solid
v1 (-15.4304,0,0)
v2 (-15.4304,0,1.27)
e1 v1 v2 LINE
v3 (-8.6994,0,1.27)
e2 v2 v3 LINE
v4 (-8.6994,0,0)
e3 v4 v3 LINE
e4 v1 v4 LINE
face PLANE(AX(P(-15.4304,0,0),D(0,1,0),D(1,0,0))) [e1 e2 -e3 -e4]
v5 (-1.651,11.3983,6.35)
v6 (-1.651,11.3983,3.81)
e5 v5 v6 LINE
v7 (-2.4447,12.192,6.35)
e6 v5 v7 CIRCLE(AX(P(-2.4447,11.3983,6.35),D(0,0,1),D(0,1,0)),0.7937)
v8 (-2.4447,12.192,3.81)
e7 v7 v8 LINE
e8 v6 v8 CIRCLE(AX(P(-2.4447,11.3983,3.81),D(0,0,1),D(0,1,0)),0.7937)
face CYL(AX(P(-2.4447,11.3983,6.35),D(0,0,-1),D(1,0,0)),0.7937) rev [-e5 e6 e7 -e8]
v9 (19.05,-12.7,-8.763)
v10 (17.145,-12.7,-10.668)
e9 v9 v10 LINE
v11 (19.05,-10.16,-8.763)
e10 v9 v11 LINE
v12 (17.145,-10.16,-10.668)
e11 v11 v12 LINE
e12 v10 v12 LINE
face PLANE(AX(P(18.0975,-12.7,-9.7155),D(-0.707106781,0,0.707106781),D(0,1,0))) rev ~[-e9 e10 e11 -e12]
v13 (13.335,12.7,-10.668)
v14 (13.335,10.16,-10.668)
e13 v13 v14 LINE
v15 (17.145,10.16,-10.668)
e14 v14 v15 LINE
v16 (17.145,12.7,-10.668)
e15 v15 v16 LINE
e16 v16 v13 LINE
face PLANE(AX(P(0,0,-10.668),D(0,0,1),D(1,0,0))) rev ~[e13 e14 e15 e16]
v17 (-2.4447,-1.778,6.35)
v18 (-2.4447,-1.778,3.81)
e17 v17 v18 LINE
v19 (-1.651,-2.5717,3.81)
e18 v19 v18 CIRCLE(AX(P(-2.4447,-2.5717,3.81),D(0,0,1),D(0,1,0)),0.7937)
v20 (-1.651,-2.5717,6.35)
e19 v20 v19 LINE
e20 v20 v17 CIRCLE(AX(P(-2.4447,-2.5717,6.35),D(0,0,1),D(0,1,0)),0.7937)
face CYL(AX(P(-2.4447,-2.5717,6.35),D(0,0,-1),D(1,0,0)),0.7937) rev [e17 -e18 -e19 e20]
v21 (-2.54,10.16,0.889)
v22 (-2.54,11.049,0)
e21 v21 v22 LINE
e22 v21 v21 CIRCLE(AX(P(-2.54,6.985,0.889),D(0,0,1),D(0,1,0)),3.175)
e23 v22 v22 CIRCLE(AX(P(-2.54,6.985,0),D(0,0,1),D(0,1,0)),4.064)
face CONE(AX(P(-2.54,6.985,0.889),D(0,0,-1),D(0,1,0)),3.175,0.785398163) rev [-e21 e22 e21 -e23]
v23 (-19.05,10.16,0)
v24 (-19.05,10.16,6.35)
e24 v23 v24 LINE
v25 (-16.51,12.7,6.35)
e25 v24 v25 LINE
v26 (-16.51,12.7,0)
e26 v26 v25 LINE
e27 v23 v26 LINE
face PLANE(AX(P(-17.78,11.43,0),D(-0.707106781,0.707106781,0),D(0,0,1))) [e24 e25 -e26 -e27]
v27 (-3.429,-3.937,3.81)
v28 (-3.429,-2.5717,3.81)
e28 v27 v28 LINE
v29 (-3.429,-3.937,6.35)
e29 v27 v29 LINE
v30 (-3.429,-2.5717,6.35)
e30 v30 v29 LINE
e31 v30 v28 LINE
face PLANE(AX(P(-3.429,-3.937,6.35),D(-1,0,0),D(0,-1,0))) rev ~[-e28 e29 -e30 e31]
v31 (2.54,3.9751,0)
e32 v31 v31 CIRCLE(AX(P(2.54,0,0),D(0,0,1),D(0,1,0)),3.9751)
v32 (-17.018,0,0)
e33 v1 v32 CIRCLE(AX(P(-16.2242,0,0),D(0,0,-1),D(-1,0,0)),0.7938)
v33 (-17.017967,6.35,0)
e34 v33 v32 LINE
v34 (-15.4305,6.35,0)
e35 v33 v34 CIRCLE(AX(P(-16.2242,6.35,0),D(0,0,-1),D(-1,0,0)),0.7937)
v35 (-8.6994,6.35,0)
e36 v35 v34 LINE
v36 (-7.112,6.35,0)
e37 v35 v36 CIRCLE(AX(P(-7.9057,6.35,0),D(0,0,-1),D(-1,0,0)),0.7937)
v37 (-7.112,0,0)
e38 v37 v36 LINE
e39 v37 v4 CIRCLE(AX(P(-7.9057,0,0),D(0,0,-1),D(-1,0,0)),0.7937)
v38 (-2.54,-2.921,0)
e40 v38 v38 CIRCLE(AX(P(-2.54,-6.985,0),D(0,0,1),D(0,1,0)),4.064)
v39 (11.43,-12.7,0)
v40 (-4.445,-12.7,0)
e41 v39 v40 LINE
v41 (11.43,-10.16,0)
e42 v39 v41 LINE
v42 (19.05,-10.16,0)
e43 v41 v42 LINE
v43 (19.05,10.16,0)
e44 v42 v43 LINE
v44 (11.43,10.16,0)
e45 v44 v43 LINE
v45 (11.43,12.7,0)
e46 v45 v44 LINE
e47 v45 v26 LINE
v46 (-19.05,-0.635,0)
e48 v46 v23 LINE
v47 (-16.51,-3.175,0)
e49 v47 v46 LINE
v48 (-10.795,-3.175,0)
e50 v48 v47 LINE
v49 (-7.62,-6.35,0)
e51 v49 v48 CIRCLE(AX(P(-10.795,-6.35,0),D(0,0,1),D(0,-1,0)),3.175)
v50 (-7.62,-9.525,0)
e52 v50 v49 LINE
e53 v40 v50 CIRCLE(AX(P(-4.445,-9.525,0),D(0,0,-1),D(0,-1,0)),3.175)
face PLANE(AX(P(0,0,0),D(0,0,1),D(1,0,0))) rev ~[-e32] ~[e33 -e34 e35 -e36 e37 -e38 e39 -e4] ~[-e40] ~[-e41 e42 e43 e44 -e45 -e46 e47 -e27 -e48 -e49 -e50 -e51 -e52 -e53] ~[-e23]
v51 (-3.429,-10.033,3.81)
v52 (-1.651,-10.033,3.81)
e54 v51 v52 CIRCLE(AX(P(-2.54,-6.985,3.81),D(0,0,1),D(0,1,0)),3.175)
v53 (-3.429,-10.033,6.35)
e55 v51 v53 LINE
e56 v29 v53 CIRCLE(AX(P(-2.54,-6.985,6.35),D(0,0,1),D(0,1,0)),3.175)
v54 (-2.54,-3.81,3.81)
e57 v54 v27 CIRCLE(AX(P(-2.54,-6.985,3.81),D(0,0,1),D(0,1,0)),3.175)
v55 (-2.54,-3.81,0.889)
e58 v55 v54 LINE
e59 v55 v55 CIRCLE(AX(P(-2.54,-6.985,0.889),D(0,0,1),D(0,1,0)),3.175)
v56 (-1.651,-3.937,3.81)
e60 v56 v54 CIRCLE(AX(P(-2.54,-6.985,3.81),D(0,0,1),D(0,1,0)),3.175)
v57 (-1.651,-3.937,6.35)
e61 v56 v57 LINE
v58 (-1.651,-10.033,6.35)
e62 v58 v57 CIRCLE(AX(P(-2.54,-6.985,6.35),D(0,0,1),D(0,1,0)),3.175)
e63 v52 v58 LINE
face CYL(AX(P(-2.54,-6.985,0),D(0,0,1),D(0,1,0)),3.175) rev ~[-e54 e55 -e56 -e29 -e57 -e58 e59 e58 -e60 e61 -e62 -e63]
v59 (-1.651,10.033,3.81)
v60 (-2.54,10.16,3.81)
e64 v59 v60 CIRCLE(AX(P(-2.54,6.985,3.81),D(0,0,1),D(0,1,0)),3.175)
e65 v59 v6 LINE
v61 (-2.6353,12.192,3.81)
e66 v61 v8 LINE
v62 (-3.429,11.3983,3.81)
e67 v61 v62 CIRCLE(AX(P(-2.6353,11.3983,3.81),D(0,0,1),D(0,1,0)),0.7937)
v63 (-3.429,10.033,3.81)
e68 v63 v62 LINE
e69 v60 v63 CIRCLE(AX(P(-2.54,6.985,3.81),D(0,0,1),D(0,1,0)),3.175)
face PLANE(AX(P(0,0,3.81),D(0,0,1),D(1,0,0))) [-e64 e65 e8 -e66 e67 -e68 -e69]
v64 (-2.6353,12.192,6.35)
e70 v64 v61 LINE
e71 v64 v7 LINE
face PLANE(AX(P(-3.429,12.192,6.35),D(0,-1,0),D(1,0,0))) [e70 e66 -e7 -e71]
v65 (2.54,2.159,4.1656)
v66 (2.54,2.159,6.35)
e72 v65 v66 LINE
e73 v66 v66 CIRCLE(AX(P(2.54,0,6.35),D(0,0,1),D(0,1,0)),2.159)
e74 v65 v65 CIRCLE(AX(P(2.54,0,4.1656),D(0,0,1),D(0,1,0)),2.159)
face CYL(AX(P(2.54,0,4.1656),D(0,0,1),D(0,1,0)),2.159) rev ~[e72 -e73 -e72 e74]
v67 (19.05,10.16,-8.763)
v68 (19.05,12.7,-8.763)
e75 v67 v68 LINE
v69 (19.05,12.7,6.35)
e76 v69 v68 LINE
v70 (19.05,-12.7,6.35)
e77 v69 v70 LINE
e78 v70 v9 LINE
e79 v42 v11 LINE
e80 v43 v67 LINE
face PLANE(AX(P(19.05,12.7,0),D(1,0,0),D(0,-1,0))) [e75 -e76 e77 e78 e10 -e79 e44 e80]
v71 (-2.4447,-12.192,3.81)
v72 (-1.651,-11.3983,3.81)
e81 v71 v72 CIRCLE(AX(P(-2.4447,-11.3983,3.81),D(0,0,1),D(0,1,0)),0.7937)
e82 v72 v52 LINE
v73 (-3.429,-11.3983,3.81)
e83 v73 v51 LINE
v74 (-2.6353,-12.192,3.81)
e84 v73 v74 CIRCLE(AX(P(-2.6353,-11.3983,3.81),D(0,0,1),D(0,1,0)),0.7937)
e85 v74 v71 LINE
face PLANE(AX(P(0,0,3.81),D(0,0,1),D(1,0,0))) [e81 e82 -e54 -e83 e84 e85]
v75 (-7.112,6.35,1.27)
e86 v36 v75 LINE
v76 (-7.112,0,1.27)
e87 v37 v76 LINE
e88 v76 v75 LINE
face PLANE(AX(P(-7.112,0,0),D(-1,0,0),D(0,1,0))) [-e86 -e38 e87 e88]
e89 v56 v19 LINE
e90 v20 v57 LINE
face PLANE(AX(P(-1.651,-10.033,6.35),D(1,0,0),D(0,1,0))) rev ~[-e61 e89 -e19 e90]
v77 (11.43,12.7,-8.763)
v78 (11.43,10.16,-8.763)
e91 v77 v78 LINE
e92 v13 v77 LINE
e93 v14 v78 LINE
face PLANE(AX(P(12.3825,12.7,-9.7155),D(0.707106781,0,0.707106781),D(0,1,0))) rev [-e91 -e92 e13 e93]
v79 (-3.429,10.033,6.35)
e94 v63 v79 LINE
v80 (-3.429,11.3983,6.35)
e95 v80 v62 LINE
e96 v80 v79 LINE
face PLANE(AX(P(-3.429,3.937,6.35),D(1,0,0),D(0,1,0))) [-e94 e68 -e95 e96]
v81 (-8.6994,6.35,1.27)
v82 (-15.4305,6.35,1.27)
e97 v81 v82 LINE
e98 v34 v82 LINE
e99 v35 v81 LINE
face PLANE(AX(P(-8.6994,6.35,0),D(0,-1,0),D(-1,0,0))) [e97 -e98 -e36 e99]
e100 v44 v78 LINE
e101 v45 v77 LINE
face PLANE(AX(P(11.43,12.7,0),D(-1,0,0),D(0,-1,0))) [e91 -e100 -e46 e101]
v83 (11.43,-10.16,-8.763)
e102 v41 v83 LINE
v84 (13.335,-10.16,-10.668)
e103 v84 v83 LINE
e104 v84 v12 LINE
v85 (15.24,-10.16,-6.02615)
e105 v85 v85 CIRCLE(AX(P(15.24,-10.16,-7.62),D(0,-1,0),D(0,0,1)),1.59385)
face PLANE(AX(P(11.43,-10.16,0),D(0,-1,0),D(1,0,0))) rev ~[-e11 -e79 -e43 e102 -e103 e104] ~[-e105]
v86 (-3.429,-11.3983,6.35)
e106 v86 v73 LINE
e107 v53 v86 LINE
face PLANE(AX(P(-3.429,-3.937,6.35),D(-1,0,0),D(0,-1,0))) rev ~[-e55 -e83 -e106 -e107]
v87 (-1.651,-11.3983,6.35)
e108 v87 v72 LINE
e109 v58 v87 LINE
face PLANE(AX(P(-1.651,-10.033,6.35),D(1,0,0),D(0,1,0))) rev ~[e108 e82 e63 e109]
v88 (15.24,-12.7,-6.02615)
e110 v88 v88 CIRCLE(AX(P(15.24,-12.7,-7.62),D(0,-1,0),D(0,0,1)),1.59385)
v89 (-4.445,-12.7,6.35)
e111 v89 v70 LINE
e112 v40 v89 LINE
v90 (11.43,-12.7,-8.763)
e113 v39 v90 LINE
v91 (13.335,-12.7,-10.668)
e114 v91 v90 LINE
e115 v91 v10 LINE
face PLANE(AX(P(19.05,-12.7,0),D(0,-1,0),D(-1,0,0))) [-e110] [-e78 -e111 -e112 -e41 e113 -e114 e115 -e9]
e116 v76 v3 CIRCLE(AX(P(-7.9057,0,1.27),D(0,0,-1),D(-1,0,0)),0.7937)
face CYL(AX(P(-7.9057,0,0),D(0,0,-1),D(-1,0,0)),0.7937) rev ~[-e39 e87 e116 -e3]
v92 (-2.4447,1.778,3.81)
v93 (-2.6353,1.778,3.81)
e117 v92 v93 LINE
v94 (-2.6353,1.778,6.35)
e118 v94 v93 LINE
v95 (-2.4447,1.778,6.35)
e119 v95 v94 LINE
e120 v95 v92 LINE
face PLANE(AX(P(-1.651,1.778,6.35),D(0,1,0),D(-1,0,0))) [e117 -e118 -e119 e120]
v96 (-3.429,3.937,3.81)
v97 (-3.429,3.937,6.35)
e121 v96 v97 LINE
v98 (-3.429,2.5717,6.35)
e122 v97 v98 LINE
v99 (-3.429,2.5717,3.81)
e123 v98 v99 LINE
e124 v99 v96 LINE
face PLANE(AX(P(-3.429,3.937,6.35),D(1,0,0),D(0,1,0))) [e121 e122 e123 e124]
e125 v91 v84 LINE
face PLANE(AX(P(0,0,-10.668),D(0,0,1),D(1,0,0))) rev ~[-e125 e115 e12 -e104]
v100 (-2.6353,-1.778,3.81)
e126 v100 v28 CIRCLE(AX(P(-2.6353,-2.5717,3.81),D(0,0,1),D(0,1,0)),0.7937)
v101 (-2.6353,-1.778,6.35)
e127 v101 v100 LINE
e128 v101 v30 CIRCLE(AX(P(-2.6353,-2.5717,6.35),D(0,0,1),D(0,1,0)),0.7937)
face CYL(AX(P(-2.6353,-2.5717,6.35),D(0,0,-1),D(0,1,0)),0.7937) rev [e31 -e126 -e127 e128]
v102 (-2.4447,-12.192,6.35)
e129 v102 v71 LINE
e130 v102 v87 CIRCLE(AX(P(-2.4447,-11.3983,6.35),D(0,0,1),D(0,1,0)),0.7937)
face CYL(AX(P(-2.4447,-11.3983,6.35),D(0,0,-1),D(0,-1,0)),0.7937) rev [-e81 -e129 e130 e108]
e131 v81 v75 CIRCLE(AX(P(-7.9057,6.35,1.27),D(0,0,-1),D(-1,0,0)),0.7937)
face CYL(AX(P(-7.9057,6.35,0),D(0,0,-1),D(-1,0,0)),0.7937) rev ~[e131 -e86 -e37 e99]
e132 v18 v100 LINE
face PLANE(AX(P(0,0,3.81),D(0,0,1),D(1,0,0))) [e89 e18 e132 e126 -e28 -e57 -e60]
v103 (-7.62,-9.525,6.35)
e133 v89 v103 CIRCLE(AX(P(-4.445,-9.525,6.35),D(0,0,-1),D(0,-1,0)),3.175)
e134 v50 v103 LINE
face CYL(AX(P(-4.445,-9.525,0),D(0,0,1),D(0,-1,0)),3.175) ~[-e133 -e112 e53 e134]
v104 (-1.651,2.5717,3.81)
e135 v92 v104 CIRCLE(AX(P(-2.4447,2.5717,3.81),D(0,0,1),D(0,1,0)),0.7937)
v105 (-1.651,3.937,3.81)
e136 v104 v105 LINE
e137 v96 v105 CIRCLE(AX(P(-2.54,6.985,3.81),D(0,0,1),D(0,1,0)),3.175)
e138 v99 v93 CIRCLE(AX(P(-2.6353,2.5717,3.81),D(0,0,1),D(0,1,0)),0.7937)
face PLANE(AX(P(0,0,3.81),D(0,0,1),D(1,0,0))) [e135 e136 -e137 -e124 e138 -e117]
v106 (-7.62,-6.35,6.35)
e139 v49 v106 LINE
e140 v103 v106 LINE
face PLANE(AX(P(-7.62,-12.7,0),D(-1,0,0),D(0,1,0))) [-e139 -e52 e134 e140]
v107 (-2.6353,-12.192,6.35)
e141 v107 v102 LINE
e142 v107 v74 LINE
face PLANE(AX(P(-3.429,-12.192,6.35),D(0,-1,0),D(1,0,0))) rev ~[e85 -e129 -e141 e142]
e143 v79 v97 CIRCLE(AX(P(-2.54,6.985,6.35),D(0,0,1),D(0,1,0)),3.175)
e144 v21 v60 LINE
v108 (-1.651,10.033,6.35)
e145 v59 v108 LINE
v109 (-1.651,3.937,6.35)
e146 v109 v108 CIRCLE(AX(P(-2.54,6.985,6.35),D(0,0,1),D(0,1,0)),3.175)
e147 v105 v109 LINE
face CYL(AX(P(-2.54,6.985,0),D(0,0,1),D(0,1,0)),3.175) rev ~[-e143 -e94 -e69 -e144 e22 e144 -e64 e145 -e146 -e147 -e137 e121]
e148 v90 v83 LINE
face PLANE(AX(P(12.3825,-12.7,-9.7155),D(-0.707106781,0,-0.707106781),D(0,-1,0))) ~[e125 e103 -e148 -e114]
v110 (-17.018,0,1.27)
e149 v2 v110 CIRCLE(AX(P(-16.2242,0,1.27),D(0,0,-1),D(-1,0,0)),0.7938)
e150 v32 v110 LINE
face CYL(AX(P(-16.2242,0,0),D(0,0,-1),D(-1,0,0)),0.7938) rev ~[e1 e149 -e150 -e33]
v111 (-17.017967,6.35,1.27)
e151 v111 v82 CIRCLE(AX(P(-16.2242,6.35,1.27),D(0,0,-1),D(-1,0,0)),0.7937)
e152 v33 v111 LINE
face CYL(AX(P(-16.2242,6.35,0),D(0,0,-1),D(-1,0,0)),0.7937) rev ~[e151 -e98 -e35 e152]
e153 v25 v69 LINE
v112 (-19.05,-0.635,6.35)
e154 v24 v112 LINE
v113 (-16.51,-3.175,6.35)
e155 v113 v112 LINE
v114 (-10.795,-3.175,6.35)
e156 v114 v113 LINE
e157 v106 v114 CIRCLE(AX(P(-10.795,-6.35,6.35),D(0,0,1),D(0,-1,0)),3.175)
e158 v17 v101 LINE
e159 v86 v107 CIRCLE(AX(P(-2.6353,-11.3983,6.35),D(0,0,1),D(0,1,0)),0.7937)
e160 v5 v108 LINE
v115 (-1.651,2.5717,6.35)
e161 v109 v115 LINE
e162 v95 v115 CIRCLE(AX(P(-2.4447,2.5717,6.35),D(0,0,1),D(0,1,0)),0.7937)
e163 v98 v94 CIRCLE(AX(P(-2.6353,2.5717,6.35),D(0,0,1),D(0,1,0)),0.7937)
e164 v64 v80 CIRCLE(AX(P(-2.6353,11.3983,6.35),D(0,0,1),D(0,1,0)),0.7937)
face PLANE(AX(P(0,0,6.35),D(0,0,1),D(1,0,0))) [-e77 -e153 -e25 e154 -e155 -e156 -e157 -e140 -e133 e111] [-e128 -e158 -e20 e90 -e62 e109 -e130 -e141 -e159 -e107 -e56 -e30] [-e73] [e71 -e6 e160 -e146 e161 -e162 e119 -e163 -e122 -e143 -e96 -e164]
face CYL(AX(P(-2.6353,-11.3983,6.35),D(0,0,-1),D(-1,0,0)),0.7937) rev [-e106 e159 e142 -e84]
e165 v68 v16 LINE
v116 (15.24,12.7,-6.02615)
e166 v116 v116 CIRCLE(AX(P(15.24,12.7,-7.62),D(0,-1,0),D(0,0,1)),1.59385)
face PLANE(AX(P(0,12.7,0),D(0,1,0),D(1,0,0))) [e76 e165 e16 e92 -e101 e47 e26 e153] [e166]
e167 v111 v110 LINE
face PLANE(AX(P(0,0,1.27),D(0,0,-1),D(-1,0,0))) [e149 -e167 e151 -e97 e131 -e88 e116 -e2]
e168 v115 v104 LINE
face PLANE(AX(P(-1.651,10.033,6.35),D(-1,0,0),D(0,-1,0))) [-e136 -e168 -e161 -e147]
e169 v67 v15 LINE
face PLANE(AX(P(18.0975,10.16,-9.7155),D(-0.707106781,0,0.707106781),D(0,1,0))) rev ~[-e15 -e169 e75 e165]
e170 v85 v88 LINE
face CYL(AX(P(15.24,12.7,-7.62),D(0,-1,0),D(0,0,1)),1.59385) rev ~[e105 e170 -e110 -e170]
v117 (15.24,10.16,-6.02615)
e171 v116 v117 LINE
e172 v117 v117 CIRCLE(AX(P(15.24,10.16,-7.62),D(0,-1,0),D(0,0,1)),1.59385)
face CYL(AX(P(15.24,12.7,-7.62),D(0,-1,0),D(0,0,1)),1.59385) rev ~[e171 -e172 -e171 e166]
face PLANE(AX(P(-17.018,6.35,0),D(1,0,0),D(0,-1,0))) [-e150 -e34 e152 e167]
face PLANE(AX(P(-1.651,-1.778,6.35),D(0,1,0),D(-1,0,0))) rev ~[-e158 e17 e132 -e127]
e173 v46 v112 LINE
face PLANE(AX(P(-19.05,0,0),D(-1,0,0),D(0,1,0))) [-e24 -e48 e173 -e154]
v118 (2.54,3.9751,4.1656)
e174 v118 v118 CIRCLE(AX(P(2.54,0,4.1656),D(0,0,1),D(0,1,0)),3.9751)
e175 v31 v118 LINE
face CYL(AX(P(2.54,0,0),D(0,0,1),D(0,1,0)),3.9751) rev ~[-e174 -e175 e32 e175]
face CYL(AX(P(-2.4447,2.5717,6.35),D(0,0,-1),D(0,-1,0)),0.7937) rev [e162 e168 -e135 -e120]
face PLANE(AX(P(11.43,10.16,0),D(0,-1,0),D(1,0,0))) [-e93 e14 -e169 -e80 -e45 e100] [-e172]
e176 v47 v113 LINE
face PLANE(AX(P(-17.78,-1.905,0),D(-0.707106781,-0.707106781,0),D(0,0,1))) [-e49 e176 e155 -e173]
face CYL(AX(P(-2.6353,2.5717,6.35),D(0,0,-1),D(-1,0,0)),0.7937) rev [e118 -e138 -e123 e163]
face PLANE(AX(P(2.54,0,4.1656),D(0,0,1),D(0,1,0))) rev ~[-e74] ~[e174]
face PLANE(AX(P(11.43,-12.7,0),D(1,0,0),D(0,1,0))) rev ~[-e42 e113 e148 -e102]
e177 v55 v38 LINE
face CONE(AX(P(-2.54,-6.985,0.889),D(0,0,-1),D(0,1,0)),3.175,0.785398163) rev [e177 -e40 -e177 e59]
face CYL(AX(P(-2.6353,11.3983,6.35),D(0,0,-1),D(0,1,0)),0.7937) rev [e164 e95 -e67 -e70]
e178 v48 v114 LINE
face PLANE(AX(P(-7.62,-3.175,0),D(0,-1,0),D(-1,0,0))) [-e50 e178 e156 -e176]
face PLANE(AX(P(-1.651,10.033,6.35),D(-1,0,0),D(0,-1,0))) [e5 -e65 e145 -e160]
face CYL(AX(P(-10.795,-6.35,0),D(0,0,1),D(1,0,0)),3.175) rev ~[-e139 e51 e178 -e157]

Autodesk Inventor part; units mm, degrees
ref_plane "XZ Plane" through (0, 0, 0) normal (0, 1, 0) x (-1, 0, 0)
ref_plane "XY Plane" through (0, 0, 0) normal (0, 0, 1) x (1, 0, 0)
sketch "Sketch1" plane through (0, 0, 0) normal (0, 0, 1) x (1, 0, 0)
  line L0 (0, 17.78) -> (0, -17.78) projected
  line L1 (-26.67, 0) -> (26.67, 0) projected
  line L2 (19.05, -12.7) -> (-19.05, -12.7)
  line L3 (-19.05, -12.7) -> (-19.05, 12.7)
  line L4 (-19.05, 12.7) -> (19.05, 12.7)
  line L5 (19.05, 12.7) -> (19.05, -12.7)
  line L6 (19.05, -12.7) -> (-19.05, 12.7) construction
  line L7 (-19.05, -12.7) -> (19.05, 12.7) construction
  point P0 (0, 0)
  dimension "d0" = 25.4
  dimension "d1" = 38.1
extrude "Extrusion1" add sketch "Sketch1" along normal blind 6.35
sketch "Sketch2" plane through (0, 0, 0) normal (0, 0, 1) x (1, 0, 0)
  line L0 (0, 13.335) -> (0, -13.335) projected
  line L1 (19.05, -12.7) -> (19.05, 12.7) projected
  line L2 (-19.05, -12.7) -> (19.05, -12.7) projected
  point P0 (0, 0)
  point P1 (2.54, 0)
  point P2 (-12.065, 3.175)
  dimension "d27" = 12.065
  dimension "d46" = 0
  dimension "d48" = 3.175
  dimension "d58" = 16.51
hole "Hole1" at (2.54, 0, 0) direction (0, 0, 1) diameter 4.318 end through all counterbore diameter 7.9502 counterbore depth 4.1656 clearance for "Socket Head Cap Screw" size "#8" standard "Ansi Unified Screw Threads"
sketch "Sketch3" plane through (0, 0, 0) normal (0, 0, 1) x (1, 0, 0)
  line L0 (19.05, -12.7) -> (19.05, 12.7) projected
  line L1 (19.05, 12.7) -> (-19.05, 12.7) projected
  line L2 (-19.05, -12.7) -> (19.05, -12.7) projected
  line L3 (0, 13.335) -> (0, -13.335) projected
  line L4 (-26.67, 0) -> (26.67, 0) projected
  line L5 (19.05, 12.7) -> (11.43, 12.7)
  line L6 (11.43, 12.7) -> (11.43, 10.16)
  line L7 (11.43, 10.16) -> (19.05, 10.16)
  line L8 (19.05, 10.16) -> (19.05, 12.7)
  line L9 (19.05, -12.7) -> (11.43, -12.7)
  line L10 (11.43, -12.7) -> (11.43, -10.16)
  line L11 (11.43, -10.16) -> (19.05, -10.16)
  line L12 (19.05, -10.16) -> (19.05, -12.7)
  point P0 (0, 0)
  dimension "d12" = 2.54
  dimension "d13" = 2.54
  dimension "d14" = 20.32
  dimension "d26" = 7.62
extrude "Extrusion2" add sketch "Sketch3" against normal blind 10.668 contours L2 L10 L11 L0 | L7 L6 L1 L0
sketch "Sketch4" plane through (-19.05, 12.7, 6.35) normal (0, 1, 0) x (1, 0, 0)
  line L0 (19.05, 20.4216) -> (19.05, -3.4036) projected
  line L1 (45.72, 6.35) -> (-7.62, 6.35) projected
  line L2 (30.48, 17.018) -> (38.1, 17.018) projected
  line L3 (30.48, 6.35) -> (30.48, 17.018) projected
  line L4 (38.1, 0) -> (38.1, 17.018) projected
  line L5 (38.1, 0) -> (0, 0) projected
  point P0 (19.05, 6.35)
  point P1 (34.29, 13.97)
  dimension "d17" = 3.81
  dimension "d18" = 3.81
  dimension "d36" = 13.97
  dimension "d62" = 3.048
hole "Hole2" at (15.24, 12.7, -7.62) direction (0, -1, 0) diameter 3.1877 end through all
hole "Hole3" [suppressed]
chamfer "Chamfer1" distance 1.905 angle 45 4 edges at (11.43, -11.43, -10.668) (19.05, -11.43, -10.668) (19.05, 11.43, -10.668) (11.43, 11.43, -10.668)
fillet "Fillet1" [suppressed]
sketch "Sketch5" plane through (0, 0, 0) normal (0, 0, -1) x (-1, 0, 0)
  line L0 (17.018, 0) -> (7.112, 0)
  line L1 (7.112, 0) -> (7.112, 6.35)
  line L2 (7.112, 6.35) -> (17.018, 6.35)
  line L3 (17.018, 6.35) -> (17.018, 0)
  line L4 (17.018, 0) -> (7.112, 6.35) construction
  line L5 (7.112, 0) -> (17.018, 6.35) construction
  line L6 (-11.43, -12.7) -> (19.05, -12.7) projected
  line L7 (19.05, -12.7) -> (19.05, 12.7) projected
  line L8 (19.05, -12.7) -> (7.62, -12.7)
  line L9 (7.62, -12.7) -> (7.62, -3.175)
  line L10 (7.62, -3.175) -> (19.05, -3.175)
  line L11 (19.05, -3.175) -> (19.05, -12.7)
  circle A0 centre (7.9057, 6.35) radius 0.7937
  circle A1 centre (16.2242, 6.35) radius 0.7937
  circle A2 centre (7.9057, 0) radius 0.7937
  circle A3 centre (16.2242, 0) radius 0.7938
  point P0 (0, 0)
  point P1 (12.065, 3.175)
  dimension "d53" = 1.5875
  dimension "d41" = 9.906
  dimension "d42" = 6.35
  dimension "d49" = 9.525
  dimension "d50" = 11.43
extrude "Extrusion3" cut sketch "Sketch5" against normal blind 1.27 contours A2 L0 | A2 L1 A0 L2 A1 L3 A3 L0 | L0 A2 | A3 L0 | L0 A3 | A0 L2 | L2 A0 | A1 L2 | L2 A1
fillet "Fillet2" [suppressed]
extrude "Extrusion4" cut sketch "Sketch5" against normal up to next contours L9 L10 L7 L6
ref_plane "Work Plane2" through (-12.065, 3.175, 0) normal (1, 0, 0) x (0, 1, 0)
fillet "Fillet3" radius 3.175 1 edges at (-7.62, -3.175, 3.175)
chamfer "Chamfer2" distance 2.54 angle 45 1 edges at (-19.05, -3.175, 3.175)
chamfer "Chamfer3" distance 2.54 angle 45 1 edges at (-19.05, 12.7, 3.175)
fillet "Fillet4" radius 3.175 1 edges at (-7.62, -12.7, 3.175)
sketch "Sketch6" plane through (0, 0, 0) normal (0, 0, 1) x (1, 0, 0)
  line L0 (0, 17.78) -> (0, -17.78) projected
  point P0 (0, 0)
  point P1 (-2.54, 6.985)
  point P2 (-2.54, -6.985)
  dimension "d64" = 6.985
  dimension "d65" = 13.97
  dimension "d66" = 2.54
hole "Hole4" at (-2.54, -6.985, 0) at (-2.54, 6.985, 0) direction (0, 0, 1) diameter 6.35 end through all
sketch "Sketch7" plane through (0, 0, 6.35) normal (0, 0, 1) x (1, 0, 0)
  circle A0 centre (-2.54, 6.985) radius 3.175 projected
  circle A1 centre (-2.54, -6.985) radius 3.175 projected
  line L0 (-1.651, 1.778) -> (-3.429, 1.778)
  line L1 (-3.429, 1.778) -> (-3.429, 12.192)
  line L2 (-3.429, 12.192) -> (-1.651, 12.192)
  line L3 (-1.651, 12.192) -> (-1.651, 1.778)
  line L4 (-1.651, 1.778) -> (-3.429, 12.192) construction
  line L5 (-3.429, 1.778) -> (-1.651, 12.192) construction
  line L6 (-3.429, -12.192) -> (-1.651, -12.192)
  line L7 (-1.651, -12.192) -> (-1.651, -1.778)
  line L8 (-1.651, -1.778) -> (-3.429, -1.778)
  line L9 (-3.429, -1.778) -> (-3.429, -12.192)
  line L10 (-3.429, -12.192) -> (-1.651, -1.778) construction
  line L11 (-1.651, -12.192) -> (-3.429, -1.778) construction
  circle A2 centre (2.54, 0) radius 2.159 projected
  point P0 (0, 0)
  dimension "d74" = 1.778
  dimension "d75" = 10.414
  dimension "d76" = 1.778
  dimension "d77" = 10.414
extrude "Extrusion5" cut sketch "Sketch7" against normal blind 2.54 contours L3 A0 L1 | A0 L1 L2 L3 | L3 L0 L1 A0 | L7 A1 L9 | A1 L9 L8 L7 | L7 L6 L9 A1
fillet "Fillet5" radius 0.7937 8 edges at (-3.429, 12.192, 5.08) (-1.651, 12.192, 5.08) (-3.429, 1.778, 5.08) (-1.651, 1.778, 5.08) (-3.429, -1.778, 5.08) (-1.651, -1.778, 5.08) (-3.429, -12.192, 5.08) (-1.651, -12.192, 5.08)
chamfer "Chamfer4" distance 0.889 angle 45 2 edges at (-2.54, -10.16, 0) (-2.54, 3.81, 0)
properties part number "J005823" material "ALUMINUM, 6061-T651"
